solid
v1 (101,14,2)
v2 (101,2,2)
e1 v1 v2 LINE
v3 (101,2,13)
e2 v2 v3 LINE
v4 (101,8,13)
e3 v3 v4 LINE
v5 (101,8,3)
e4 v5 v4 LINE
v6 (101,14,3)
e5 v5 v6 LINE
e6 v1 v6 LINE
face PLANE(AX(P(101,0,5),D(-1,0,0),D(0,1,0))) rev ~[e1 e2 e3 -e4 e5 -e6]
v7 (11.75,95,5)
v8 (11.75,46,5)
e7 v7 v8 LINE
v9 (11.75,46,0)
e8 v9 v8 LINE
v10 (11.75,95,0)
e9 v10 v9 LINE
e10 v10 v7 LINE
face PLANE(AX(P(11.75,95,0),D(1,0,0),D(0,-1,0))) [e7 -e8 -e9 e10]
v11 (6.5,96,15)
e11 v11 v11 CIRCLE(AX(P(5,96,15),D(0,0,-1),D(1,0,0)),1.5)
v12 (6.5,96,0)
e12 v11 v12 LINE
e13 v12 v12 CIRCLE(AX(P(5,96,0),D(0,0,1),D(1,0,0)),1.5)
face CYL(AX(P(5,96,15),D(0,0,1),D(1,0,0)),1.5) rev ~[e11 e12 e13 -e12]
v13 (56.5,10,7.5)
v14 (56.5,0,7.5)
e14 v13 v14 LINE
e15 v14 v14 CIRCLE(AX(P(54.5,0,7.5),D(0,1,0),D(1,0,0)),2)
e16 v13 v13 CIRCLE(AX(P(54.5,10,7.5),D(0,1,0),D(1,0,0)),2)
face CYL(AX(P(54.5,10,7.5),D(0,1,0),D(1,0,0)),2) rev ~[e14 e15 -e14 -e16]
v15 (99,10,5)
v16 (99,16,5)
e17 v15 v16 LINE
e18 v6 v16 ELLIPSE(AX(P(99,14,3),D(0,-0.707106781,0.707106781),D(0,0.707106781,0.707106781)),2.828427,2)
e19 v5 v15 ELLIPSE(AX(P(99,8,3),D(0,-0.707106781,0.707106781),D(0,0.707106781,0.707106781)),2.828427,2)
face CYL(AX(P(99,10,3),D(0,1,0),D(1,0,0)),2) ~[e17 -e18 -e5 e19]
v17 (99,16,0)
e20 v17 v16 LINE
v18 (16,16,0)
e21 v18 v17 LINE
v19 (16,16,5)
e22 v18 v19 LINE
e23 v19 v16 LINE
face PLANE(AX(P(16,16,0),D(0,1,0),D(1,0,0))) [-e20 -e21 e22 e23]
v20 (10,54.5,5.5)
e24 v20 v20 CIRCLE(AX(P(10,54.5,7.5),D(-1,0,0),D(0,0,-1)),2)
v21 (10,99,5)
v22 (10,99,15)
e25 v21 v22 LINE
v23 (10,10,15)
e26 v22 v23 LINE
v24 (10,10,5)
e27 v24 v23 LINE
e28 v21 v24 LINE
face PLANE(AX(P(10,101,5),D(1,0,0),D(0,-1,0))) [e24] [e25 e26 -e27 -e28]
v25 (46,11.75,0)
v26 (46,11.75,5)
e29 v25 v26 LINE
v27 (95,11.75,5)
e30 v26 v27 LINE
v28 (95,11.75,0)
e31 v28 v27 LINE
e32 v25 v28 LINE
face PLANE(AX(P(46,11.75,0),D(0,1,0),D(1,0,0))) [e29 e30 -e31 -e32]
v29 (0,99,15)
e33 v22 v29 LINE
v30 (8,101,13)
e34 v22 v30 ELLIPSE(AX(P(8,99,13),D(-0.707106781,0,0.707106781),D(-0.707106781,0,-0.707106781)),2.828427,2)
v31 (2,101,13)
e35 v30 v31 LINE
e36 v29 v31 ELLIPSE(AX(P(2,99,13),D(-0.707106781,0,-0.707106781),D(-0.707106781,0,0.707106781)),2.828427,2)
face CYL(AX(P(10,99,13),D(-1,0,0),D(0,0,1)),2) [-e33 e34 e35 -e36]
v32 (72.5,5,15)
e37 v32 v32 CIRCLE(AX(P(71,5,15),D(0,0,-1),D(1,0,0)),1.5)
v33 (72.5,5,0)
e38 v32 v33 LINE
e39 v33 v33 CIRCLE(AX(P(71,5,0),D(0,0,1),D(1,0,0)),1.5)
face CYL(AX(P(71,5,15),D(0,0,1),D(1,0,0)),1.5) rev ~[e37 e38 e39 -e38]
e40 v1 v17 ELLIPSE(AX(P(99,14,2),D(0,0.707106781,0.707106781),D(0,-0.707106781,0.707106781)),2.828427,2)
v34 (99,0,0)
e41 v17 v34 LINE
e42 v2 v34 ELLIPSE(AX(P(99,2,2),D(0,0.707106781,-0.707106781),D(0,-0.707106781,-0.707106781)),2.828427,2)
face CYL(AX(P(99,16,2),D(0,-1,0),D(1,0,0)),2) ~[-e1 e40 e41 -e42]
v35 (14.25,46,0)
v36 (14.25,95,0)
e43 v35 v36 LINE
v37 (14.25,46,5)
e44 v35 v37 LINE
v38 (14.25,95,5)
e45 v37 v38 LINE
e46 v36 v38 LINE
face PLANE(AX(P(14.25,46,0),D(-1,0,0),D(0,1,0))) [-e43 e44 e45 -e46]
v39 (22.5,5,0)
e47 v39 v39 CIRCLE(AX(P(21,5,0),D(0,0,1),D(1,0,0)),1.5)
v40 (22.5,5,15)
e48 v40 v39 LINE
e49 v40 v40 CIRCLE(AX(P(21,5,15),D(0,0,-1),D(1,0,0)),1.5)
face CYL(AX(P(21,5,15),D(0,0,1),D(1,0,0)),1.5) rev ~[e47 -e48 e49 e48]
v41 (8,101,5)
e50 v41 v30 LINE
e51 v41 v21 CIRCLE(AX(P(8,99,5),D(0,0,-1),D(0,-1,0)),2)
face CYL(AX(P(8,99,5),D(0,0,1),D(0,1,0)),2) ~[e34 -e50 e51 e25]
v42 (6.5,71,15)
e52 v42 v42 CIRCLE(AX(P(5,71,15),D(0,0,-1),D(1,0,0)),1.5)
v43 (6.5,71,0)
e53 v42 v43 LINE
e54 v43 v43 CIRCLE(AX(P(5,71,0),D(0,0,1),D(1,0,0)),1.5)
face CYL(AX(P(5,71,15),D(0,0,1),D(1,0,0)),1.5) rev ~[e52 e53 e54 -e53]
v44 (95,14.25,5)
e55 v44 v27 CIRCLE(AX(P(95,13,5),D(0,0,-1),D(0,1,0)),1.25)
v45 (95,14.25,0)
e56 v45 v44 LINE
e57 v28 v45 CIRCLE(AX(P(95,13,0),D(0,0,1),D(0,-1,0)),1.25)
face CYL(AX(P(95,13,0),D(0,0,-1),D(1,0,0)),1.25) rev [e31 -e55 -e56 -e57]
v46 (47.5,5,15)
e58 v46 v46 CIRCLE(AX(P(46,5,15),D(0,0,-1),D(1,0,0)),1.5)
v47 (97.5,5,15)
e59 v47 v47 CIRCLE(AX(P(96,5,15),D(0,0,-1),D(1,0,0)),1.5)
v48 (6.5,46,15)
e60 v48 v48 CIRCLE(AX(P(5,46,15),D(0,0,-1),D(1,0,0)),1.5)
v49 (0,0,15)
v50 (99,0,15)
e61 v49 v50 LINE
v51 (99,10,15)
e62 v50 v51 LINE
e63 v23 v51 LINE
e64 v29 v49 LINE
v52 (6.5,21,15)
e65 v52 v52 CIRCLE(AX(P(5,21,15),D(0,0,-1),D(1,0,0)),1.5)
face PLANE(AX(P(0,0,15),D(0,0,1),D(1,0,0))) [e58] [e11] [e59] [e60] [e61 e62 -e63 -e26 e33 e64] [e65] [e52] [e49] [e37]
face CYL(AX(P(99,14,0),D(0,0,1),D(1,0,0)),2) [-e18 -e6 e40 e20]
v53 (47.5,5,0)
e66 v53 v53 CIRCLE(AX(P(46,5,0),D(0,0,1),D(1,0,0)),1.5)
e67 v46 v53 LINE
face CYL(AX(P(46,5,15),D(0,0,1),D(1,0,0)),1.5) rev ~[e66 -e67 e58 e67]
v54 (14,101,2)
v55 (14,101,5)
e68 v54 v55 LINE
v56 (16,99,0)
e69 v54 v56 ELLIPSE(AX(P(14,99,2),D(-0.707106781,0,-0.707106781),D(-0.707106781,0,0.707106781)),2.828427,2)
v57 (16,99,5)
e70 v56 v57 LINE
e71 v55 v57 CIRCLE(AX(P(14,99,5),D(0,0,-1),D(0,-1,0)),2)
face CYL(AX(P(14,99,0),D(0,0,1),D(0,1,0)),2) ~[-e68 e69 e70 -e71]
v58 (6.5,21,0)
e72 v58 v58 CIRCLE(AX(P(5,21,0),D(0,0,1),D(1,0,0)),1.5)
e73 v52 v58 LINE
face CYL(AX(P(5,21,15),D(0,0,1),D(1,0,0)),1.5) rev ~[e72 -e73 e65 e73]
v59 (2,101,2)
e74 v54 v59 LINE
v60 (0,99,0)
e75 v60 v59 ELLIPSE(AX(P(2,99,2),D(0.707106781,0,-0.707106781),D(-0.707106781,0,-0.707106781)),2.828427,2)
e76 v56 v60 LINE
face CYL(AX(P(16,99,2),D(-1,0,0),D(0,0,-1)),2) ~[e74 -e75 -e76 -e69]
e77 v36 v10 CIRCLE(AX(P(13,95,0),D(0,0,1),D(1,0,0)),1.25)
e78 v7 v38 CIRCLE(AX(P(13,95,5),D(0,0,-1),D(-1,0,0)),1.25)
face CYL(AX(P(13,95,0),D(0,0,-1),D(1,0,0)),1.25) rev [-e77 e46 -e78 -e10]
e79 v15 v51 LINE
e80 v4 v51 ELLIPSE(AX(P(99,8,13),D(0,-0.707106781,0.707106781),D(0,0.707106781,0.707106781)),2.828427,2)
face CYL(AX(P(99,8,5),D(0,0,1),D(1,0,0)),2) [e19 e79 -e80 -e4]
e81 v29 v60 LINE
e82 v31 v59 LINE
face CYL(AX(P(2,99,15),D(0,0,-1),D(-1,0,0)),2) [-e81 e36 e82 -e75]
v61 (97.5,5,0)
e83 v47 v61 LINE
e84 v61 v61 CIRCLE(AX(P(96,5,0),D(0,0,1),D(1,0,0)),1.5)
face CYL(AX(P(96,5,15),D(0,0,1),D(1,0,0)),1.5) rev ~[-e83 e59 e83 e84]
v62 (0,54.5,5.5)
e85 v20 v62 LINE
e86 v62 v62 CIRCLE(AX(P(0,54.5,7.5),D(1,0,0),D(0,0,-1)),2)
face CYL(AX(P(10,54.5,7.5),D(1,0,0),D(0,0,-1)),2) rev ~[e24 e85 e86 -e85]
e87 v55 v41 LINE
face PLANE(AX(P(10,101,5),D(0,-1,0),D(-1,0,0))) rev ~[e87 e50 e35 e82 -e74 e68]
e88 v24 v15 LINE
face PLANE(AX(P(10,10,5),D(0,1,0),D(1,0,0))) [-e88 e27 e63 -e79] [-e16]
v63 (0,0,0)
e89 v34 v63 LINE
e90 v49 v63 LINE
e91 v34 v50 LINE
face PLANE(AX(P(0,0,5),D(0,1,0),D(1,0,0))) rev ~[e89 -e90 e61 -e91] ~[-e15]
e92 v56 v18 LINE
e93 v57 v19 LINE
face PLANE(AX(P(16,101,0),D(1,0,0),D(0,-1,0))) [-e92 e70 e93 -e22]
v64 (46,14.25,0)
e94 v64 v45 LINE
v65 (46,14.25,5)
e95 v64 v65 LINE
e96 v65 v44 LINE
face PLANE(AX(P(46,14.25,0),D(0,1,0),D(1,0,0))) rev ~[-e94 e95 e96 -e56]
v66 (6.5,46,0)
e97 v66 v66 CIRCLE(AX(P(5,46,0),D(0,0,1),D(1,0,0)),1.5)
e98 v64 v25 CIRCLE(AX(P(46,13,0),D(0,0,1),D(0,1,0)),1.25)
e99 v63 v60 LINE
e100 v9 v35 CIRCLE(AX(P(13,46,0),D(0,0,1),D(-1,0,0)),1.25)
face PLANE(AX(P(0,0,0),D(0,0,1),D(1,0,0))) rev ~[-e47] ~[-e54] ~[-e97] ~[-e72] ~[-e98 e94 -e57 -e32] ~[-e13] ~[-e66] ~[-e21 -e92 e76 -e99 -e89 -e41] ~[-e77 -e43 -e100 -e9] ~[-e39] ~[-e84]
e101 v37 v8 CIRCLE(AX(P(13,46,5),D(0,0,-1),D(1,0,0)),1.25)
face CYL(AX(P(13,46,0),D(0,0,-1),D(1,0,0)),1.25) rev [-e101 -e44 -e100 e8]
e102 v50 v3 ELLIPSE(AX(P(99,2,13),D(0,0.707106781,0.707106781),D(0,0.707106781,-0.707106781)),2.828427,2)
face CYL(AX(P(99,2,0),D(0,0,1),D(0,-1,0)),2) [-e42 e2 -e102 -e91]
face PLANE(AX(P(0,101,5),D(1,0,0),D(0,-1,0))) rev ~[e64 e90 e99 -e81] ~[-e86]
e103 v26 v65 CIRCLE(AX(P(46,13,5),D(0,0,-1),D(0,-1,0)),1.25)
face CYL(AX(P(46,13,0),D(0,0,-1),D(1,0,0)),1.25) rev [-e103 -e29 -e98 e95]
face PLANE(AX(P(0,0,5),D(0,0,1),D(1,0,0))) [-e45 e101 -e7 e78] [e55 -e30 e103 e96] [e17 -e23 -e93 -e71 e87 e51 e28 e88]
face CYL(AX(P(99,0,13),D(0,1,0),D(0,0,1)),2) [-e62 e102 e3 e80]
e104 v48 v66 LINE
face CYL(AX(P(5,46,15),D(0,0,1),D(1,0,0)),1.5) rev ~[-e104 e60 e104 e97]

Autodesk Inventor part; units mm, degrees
ref_plane "YZ Plane" through (0, 0, 0) normal (1, 0, 0) x (0, 1, 0)
ref_plane "XZ Plane" through (0, 0, 0) normal (0, 1, 0) x (-1, 0, 0)
ref_plane "XY Plane" through (0, 0, 0) normal (0, 0, 1) x (1, 0, 0)
sketch "Sketch1" plane through (0, 0, 0) normal (0, 0, 1) x (1, 0, 0)
  line L0 (0, 0) -> (0, 101)
  line L1 (0, 101) -> (10, 101)
  line L2 (10, 101) -> (16, 101)
  line L3 (16, 101) -> (16, 16)
  line L4 (16, 16) -> (101, 16)
  line L5 (101, 16) -> (101, 0)
  line L6 (101, 0) -> (0, 0)
  line L7 (16, 101) -> (13, 101)
  line L8 (13, 101) -> (13, 13)
  line L9 (13, 13) -> (101, 13)
  line L10 (16, 16) -> (13, 16)
  line L11 (16, 16) -> (16, 13)
  line L12 (10, 101) -> (10, 8)
  line L13 (10, 8) -> (101, 8)
  line L14 (16, 13) -> (46, 13)
  line L15 (101, 13) -> (95, 13)
  line L16 (13, 101) -> (13, 95)
  circle A0 centre (95, 13) radius 1.25
  circle A1 centre (46, 13) radius 1.25
  circle A2 centre (13, 95) radius 1.25
  line L17 (13, 16) -> (13, 46)
  circle A3 centre (13, 46) radius 1.25
  line L18 (11.75, 95) -> (11.75, 46)
  line L19 (14.25, 46) -> (14.25, 95)
  line L20 (46, 14.25) -> (95, 14.25)
  line L21 (46, 11.75) -> (95, 11.75)
  point P0 (58.5, 16)
  dimension "d0" = 101
  dimension "d1" = 10
  dimension "d2" = 6
  dimension "d3" = 101
  dimension "d4" = 16
  dimension "d32" = 3
  dimension "d34" = 3
  dimension "d35" = 30
  dimension "d36" = 6
  dimension "d37" = 6
  dimension "d38" = 2.5
  dimension "d39" = 2.5
  dimension "d40" = 2.5
  dimension "d41" = 30
  dimension "d42" = 2.5
extrude "Extrusion1" add sketch "Sketch1" along normal blind 5 contours L0 L1 L12 L13 L5 L6 | L2 L8 A2 L18 A3 L9 A1 L21 A0 L5 L13 L12 | L2 L3 L10 L8 A3 L19 A2 | L9 A0 L20 A1 L11 L4 L5 | L11 L9 L8 L10
sketch "Sketch2" plane through (0, 0, 5) normal (0, 0, 1) x (1, 0, 0)
  line L0 (101, 0) -> (101, 16) projected
  line L1 (101, 16) -> (16, 16) projected
  line L2 (16, 16) -> (16, 101) projected
  line L3 (16, 101) -> (0, 101) projected
  line L4 (0, 101) -> (0, 0) projected
  line L5 (0, 0) -> (101, 0) projected
  line L6 (0, 101) -> (10, 101)
  line L7 (10, 101) -> (10, 10)
  line L8 (10, 10) -> (101, 10)
  line L9 (101, 0) -> (101, 16) projected
  line L10 (101, 10) -> (101, 0)
  line L11 (101, 0) -> (0, 0)
  line L12 (0, 101) -> (0, 0)
  dimension "d7" = 10
  dimension "d8" = 10
extrude "Extrusion2" add sketch "Sketch2" along normal blind 10 contours L5 L4 L3 L7 L8 L0
sketch "Sketch3" plane through (0, 0, 15) normal (0, 0, 1) x (1, 0, 0)
  line L0 (10, 10) -> (10, 101) projected
  line L1 (10, 101) -> (0, 101) projected
  line L2 (0, 101) -> (0, 0) projected
  line L3 (0, 0) -> (101, 0) projected
  line L4 (101, 0) -> (101, 10) projected
  line L5 (101, 10) -> (10, 10) projected
  line L6 (0, 101) -> (5, 101)
  line L7 (5, 101) -> (5, 5)
  line L8 (5, 5) -> (101, 5)
  line L9 (10, 101) -> (10, 10) projected
  line L10 (10, 10) -> (101, 10) projected
  line L11 (101, 10) -> (101, 16) projected
  line L12 (101, 16) -> (16, 16) projected
  line L13 (16, 16) -> (16, 101) projected
  line L14 (16, 101) -> (10, 101) projected
  line L15 (5, 101) -> (5, 96)
  line L16 (5, 16) -> (5, 21)
  line L17 (16, 5) -> (21, 5)
  line L18 (101, 5) -> (96, 5)
  line L19 (5, 96) -> (5, 71)
  line L20 (5, 71) -> (5, 46)
  line L21 (21, 5) -> (46, 5)
  line L22 (46, 5) -> (71, 5)
  circle A0 centre (5, 96) radius 1.5
  circle A1 centre (5, 71) radius 1.5
  circle A2 centre (5, 46) radius 1.5
  circle A3 centre (5, 21) radius 1.5
  circle A4 centre (21, 5) radius 1.5
  circle A5 centre (46, 5) radius 1.5
  circle A6 centre (71, 5) radius 1.5
  circle A7 centre (96, 5) radius 1.5
  dimension "d11" = 5
  dimension "d12" = 5
  dimension "d13" = 85
  dimension "d14" = 5
  dimension "d15" = 5
  dimension "d16" = 5
  dimension "d17" = 5
  dimension "d18" = 25
  dimension "d19" = 25
  dimension "d20" = 25
  dimension "d21" = 25
  dimension "d22" = 3
  dimension "d23" = 3
  dimension "d24" = 3
  dimension "d25" = 3
  dimension "d26" = 3
  dimension "d27" = 3
  dimension "d28" = 3
  dimension "d29" = 3
  dimension "d47" = 25
  dimension "d48" = 25
extrude "Extrusion3" cut sketch "Sketch3" against normal blind 16 contours A0 L7 | L7 A0 | A7 L8 | L8 A7 | A1 L7 | L7 A1 | A6 L8 | L8 A6 | A2 L7 | L7 A2 | A5 L8 | L8 A5 | A3 L7 | L7 A3 | A4 L8 | L8 A4
fillet "Fillet1" radius 2 11 edges at (5, 101, 15) (10, 101, 10) (16, 101, 2.5) (8, 101, 0) (0, 101, 7.5) (101, 16, 2.5) (101, 8, 0) (101, 13, 5) (101, 10, 10) (101, 5, 15) (101, 0, 7.5)
sketch "Sketch5" plane through (10, 10, 15) normal (1, 0, 0) x (0, 0, -1)
  line L0 (0, 89) -> (10, 89) projected
  line L1 (0, 0) -> (0, 89) projected
  line L2 (10, 0) -> (0, 0) projected
  line L3 (10, 89) -> (10, 0) projected
  circle A0 centre (26.9628, 94.4324) radius 2
  line L4 (0, 89) -> (10, 89) projected
  line L5 (10, 89) -> (7.5, 89)
  line L6 (7.5, 89) -> (7.5, 44.5)
  circle A1 centre (7.5, 44.5) radius 2
  point P0 (15, -10)
  dimension "d49" = 10
  dimension "d50" = 89
  dimension "d51" = 4
  dimension "d52" = 2.5
  dimension "d53" = 44.5
  dimension "d54" = 4
extrude "Extrusion4" cut sketch "Sketch5" against normal blind 10 contours A1
sketch "Sketch6" plane through (10, 10, 15) normal (0, 1, 0) x (1, 0, 0)
  line L0 (89, 10) -> (89, 0) projected
  line L1 (0, 10) -> (89, 10) projected
  line L2 (0, 10) -> (0, 0) projected
  line L3 (89, 0) -> (0, 0) projected
  line L4 (0, 10) -> (0, 7.5)
  line L5 (0, 7.5) -> (44.5, 7.5)
  circle A0 centre (44.5, 7.5) radius 2
  point P0 (-10, 15)
  dimension "d57" = 2.5
  dimension "d58" = 44.5
  dimension "d59" = 4
extrude "Extrusion5" cut sketch "Sketch6" against normal blind 10 contours A0
equation "\"d3\" = d0"
equation "\"d4\" = d1 + d2"
equation "\"d32\" = 0.5 * d2"
equation "\"d34\" = d32"
equation "\"d36\" = 2 * d32"
equation "\"d37\" = d36"
equation "\"d39\" = d38"
equation "\"d40\" = d38"
equation "\"d41\" = d35"
equation "\"d42\" = d38"
equation "\"d7\" = d1"
equation "\"d8\" = d1"
equation "\"d11\" = 0.5 * d1"
equation "\"d14\" = d11"
equation "\"d15\" = d11"
equation "\"d16\" = d11"
equation "\"d17\" = d11"
equation "\"d18\" = -0.666667 * d14 + 0.333333 * d13"
equation "\"d19\" = d18"
equation "\"d20\" = d18"
equation "\"d21\" = d18"
equation "\"d23\" = d22"
equation "\"d24\" = d22"
equation "\"d25\" = d22"
equation "\"d26\" = d22"
equation "\"d27\" = d22"
equation "\"d28\" = d22"
equation "\"d29\" = d22"
equation "\"d47\" = d18"
equation "\"d48\" = d18"
equation "\"d30\" = d1 + d2"
equation "\"d53\" = 0.5 * d50"
equation "\"d54\" = d51"
equation "\"d57\" = d52"
equation "\"d58\" = d53"
equation "\"d59\" = d54"
properties part number "DUT Holder v1.0"
